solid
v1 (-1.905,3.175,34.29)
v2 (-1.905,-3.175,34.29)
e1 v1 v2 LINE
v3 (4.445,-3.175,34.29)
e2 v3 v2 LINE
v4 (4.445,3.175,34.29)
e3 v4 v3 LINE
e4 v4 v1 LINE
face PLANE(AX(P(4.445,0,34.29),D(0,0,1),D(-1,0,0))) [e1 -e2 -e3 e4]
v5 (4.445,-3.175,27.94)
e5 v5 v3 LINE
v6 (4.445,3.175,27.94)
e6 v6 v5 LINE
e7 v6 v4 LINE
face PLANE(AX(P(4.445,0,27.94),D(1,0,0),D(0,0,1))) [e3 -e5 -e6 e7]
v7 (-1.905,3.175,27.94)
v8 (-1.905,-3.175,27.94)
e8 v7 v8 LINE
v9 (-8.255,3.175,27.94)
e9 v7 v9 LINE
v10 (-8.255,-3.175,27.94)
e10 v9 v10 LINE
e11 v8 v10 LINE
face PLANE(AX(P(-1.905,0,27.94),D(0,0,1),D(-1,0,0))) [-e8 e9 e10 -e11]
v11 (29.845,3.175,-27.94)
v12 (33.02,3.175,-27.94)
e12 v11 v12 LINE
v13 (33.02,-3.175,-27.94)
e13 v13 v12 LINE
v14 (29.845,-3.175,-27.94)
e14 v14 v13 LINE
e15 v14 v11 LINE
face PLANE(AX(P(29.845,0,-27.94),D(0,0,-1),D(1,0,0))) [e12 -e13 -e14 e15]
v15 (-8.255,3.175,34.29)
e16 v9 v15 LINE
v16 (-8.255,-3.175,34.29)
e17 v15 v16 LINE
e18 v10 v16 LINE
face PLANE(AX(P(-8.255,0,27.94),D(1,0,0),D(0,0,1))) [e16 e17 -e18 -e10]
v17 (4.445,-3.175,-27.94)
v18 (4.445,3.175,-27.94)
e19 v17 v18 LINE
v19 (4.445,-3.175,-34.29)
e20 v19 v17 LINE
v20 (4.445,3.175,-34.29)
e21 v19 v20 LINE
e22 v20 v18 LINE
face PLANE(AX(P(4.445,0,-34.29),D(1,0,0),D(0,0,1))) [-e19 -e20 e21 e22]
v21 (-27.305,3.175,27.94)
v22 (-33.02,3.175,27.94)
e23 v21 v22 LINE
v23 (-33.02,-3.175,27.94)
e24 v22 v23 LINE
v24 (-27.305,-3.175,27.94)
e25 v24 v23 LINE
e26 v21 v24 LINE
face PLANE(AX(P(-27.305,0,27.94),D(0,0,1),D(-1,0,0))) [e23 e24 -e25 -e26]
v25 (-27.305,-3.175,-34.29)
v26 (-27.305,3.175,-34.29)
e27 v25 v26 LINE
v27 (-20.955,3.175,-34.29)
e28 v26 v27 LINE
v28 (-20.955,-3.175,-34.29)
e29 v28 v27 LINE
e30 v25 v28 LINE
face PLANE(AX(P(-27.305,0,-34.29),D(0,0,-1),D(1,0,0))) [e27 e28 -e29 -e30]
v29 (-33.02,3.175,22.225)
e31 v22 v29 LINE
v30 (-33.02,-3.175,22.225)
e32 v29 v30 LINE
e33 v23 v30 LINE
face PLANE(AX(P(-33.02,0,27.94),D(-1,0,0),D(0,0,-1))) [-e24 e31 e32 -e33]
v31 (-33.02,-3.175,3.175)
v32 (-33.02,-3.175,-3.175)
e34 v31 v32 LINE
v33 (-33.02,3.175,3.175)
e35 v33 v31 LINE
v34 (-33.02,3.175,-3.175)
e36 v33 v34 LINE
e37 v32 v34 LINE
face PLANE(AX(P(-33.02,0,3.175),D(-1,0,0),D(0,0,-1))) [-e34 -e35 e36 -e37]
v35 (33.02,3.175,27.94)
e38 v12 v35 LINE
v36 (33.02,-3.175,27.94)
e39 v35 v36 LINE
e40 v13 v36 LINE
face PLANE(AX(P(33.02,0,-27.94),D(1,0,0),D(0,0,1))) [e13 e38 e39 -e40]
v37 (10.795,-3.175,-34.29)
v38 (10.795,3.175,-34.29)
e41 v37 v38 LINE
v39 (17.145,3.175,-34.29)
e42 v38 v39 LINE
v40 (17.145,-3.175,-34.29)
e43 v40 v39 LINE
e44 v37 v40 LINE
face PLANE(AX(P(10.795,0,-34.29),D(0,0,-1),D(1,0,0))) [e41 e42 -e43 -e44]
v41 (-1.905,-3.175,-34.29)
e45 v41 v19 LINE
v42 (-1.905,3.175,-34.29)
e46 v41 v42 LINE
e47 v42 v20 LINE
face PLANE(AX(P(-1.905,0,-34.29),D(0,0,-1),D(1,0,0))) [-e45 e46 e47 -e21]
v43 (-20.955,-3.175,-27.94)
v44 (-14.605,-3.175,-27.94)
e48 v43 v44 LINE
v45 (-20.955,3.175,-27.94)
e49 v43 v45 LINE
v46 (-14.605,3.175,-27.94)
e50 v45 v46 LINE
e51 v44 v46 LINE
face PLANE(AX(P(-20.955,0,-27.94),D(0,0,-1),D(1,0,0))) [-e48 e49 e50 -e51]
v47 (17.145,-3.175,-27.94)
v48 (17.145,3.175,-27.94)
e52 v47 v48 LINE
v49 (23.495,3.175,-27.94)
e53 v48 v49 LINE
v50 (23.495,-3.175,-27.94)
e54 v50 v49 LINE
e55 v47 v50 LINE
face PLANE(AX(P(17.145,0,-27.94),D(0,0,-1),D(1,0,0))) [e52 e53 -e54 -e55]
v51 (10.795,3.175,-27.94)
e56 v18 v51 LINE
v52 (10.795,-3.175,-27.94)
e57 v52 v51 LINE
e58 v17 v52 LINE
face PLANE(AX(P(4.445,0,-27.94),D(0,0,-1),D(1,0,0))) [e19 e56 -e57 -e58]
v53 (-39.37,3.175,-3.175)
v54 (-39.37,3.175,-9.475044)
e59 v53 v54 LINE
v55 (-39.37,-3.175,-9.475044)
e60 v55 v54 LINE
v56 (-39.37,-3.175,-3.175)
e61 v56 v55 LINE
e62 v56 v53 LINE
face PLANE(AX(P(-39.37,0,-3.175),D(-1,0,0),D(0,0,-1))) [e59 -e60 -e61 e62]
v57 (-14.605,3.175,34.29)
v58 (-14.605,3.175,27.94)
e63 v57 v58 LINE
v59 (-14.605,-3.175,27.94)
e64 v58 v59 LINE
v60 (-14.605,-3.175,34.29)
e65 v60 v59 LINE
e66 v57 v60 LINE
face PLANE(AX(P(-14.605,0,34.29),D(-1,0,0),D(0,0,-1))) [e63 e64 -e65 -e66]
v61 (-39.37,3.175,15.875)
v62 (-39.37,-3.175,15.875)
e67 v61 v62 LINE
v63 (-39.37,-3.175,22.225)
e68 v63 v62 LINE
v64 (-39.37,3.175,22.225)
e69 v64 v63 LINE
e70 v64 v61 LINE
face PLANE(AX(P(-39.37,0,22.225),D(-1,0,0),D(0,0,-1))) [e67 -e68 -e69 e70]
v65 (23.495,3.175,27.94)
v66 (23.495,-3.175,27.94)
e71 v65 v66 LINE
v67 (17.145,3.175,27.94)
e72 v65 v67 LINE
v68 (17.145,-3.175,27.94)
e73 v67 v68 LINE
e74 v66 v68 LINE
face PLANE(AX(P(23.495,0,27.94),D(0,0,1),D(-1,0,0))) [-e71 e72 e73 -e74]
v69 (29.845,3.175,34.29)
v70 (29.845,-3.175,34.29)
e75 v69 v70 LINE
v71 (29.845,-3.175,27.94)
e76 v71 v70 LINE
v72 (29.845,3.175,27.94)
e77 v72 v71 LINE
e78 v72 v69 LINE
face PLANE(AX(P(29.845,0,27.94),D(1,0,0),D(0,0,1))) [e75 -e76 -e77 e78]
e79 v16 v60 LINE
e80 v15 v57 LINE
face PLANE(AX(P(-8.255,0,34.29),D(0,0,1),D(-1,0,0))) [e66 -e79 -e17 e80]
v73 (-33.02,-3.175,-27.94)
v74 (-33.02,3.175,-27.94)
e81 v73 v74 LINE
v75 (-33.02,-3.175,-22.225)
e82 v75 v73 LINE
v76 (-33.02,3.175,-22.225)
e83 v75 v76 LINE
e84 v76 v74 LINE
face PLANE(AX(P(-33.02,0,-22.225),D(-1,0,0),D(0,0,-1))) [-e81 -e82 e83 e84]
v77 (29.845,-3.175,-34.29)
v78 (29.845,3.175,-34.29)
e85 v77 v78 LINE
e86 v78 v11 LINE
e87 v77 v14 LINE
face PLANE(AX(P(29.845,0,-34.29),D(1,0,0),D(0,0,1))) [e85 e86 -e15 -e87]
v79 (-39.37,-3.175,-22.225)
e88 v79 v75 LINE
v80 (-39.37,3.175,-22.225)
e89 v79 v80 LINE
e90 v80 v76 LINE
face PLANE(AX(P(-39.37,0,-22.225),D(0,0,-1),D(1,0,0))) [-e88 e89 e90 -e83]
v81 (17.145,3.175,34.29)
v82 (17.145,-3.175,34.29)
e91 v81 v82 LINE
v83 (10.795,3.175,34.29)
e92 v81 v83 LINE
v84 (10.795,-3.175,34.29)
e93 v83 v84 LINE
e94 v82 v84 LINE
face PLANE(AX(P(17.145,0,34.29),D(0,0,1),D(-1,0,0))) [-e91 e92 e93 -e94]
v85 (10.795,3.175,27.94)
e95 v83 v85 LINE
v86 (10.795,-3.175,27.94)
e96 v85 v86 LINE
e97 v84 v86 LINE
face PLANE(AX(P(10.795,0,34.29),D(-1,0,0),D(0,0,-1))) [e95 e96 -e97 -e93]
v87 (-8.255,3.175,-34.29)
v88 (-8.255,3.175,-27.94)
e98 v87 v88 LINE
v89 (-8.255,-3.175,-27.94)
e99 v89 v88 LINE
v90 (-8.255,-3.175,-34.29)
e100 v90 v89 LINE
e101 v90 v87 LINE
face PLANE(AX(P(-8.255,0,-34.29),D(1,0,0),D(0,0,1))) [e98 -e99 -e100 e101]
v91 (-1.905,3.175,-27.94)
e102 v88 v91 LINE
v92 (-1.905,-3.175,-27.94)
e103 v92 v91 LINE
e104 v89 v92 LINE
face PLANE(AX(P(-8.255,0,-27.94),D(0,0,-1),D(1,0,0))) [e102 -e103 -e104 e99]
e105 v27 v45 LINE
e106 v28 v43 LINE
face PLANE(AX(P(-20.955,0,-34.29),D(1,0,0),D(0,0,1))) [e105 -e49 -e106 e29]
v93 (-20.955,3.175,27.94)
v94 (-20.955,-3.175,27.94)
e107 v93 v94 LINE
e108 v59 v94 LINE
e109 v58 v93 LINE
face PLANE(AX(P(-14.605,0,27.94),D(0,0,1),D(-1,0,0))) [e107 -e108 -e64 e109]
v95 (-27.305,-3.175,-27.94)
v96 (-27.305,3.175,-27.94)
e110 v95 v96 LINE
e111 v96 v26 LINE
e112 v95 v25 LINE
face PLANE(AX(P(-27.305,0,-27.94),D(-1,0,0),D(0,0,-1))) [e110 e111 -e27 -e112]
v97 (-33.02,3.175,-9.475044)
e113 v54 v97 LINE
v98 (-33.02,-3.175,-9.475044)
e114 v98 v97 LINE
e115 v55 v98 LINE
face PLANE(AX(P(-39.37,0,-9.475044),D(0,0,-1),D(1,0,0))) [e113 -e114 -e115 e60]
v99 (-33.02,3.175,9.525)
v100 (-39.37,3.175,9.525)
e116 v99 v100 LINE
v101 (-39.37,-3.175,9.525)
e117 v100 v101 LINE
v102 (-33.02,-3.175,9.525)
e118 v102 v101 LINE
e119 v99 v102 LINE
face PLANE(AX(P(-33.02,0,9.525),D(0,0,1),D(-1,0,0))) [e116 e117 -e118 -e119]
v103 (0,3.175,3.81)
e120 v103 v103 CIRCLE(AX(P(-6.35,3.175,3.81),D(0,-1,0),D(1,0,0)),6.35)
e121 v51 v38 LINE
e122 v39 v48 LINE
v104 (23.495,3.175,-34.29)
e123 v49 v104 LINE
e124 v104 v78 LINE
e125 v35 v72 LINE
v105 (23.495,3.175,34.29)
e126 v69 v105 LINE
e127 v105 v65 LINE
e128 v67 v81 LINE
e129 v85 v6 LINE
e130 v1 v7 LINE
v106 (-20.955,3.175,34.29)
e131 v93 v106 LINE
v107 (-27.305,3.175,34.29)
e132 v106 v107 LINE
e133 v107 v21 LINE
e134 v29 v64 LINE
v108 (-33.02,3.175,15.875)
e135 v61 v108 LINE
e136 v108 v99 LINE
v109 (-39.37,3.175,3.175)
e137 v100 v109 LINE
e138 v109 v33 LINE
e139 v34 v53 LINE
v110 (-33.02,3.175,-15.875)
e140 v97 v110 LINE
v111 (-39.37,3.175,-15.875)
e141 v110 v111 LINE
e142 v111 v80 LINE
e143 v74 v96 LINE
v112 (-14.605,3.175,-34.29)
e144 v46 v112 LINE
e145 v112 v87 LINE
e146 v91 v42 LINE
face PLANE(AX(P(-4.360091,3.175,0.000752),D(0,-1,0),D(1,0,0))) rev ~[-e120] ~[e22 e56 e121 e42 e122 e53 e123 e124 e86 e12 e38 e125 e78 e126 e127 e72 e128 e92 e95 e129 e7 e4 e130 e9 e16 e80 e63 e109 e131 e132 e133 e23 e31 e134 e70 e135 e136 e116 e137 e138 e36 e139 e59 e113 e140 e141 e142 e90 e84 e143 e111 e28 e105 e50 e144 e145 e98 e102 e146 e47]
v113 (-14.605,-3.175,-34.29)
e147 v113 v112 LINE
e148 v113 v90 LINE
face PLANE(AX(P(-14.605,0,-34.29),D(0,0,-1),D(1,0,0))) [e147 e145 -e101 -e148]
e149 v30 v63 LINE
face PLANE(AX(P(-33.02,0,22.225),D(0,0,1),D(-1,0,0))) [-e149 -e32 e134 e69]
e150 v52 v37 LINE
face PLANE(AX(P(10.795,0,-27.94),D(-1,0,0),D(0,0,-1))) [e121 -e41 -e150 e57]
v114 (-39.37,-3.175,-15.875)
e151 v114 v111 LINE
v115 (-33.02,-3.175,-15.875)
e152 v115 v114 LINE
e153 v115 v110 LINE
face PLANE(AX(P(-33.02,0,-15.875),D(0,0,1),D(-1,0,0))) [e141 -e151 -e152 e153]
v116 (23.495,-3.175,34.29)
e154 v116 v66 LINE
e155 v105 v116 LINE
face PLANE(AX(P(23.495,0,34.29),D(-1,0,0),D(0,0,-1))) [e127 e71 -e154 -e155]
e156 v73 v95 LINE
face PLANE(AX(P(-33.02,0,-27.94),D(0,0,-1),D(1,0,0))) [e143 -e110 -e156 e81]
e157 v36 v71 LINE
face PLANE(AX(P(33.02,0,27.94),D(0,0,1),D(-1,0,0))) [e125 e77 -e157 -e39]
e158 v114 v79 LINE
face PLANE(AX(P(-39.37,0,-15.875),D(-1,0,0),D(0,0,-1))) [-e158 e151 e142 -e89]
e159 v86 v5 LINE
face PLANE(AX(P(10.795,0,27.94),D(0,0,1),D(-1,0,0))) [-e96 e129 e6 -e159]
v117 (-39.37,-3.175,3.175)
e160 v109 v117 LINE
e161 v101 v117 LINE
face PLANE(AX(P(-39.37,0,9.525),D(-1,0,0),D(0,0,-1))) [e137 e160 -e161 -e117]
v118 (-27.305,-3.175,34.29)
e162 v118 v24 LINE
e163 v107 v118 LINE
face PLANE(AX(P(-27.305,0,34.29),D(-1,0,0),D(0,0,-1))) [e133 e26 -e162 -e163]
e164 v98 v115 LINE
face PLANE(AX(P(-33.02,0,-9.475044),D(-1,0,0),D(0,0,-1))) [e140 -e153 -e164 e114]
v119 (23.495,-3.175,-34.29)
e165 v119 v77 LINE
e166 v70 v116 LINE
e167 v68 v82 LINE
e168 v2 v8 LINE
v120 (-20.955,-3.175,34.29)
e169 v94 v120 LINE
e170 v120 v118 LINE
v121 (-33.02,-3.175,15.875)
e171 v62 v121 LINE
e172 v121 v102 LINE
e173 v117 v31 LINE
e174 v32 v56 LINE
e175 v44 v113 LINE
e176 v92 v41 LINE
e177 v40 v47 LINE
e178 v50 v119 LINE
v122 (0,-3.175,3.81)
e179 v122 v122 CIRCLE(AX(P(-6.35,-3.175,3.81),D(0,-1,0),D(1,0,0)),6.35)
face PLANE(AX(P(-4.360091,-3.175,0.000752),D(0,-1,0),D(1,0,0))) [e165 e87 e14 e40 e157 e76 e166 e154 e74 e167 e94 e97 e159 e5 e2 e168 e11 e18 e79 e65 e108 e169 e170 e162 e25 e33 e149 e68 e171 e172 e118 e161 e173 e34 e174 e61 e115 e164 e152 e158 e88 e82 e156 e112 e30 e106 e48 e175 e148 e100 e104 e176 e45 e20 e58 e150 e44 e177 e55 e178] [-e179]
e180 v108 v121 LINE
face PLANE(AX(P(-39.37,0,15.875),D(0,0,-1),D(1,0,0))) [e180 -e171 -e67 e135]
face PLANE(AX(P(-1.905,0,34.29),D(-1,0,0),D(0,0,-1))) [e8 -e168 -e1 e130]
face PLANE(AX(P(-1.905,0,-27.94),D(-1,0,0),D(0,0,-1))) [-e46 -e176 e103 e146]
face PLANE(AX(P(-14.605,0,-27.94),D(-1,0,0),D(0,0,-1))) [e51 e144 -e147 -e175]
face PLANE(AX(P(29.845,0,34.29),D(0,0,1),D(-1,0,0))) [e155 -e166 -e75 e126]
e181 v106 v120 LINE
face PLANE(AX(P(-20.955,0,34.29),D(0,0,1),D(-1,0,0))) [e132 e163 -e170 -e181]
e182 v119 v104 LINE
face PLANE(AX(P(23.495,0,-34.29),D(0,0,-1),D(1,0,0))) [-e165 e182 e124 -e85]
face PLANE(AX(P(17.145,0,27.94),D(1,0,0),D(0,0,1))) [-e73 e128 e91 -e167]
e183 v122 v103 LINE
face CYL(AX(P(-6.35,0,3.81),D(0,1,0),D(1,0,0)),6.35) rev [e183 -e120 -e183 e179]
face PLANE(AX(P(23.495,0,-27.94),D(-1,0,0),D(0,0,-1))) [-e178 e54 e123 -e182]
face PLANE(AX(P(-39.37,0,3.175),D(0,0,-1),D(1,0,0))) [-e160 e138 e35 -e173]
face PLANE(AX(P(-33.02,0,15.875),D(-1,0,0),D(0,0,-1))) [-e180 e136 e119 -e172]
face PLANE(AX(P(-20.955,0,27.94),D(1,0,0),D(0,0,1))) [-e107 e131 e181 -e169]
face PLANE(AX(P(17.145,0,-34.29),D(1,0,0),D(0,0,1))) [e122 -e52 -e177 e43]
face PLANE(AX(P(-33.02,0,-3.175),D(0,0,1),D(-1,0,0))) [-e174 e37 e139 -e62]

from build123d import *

# Parameters (mm, degrees)
F0_R     = 6.35
F1_DEPTH = 3.175


with BuildPart() as f1:
    # F0 (on Front) → F1 (new body, symmetric)
    with BuildSketch(Plane.XZ):
        Polygon((33.02, -27.94), (33.02, 27.94), (29.845, 27.94), (29.845, 34.29), (23.495, 34.29), (23.495, 27.94), (17.145, 27.94), (17.145, 34.29), (10.795, 34.29), (10.795, 27.94), (4.445, 27.94), (4.445, 34.29), (-1.905, 34.29), (-1.905, 27.94), (-8.255, 27.94), (-8.255, 34.29), (-14.605, 34.29), (-14.605, 27.94), (-20.955, 27.94), (-20.955, 34.29), (-27.305, 34.29), (-27.305, 27.94), (-33.02, 27.94), (-33.02, 22.225), (-39.37, 22.225), (-39.37, 15.875), (-33.02, 15.875), (-33.02, 9.525), (-39.37, 9.525), (-39.37, 3.175), (-33.02, 3.175), (-33.02, -3.175), (-39.37, -3.175), (-39.37, -9.475044), (-33.02, -9.475044), (-33.02, -9.525), (-33.02, -15.875), (-39.37, -15.875), (-39.37, -22.225), (-33.02, -22.225), (-33.02, -27.94), (-27.305, -27.94), (-27.305, -34.29), (-20.955, -34.29), (-20.955, -27.94), (-14.605, -27.94), (-14.605, -34.29), (-8.255, -34.29), (-8.255, -27.94), (-1.905, -27.94), (-1.905, -34.29), (4.445, -34.29), (4.445, -27.94), (10.795, -27.94), (10.795, -34.29), (17.145, -34.29), (17.145, -27.94), (23.495, -27.94), (23.495, -34.29), (29.845, -34.29), (29.845, -27.94), align=None)
        with Locations((-6.35, 3.81)):
            Circle(F0_R, mode=Mode.SUBTRACT)
    extrude(amount=F1_DEPTH, both=True)


solid = f1.part
